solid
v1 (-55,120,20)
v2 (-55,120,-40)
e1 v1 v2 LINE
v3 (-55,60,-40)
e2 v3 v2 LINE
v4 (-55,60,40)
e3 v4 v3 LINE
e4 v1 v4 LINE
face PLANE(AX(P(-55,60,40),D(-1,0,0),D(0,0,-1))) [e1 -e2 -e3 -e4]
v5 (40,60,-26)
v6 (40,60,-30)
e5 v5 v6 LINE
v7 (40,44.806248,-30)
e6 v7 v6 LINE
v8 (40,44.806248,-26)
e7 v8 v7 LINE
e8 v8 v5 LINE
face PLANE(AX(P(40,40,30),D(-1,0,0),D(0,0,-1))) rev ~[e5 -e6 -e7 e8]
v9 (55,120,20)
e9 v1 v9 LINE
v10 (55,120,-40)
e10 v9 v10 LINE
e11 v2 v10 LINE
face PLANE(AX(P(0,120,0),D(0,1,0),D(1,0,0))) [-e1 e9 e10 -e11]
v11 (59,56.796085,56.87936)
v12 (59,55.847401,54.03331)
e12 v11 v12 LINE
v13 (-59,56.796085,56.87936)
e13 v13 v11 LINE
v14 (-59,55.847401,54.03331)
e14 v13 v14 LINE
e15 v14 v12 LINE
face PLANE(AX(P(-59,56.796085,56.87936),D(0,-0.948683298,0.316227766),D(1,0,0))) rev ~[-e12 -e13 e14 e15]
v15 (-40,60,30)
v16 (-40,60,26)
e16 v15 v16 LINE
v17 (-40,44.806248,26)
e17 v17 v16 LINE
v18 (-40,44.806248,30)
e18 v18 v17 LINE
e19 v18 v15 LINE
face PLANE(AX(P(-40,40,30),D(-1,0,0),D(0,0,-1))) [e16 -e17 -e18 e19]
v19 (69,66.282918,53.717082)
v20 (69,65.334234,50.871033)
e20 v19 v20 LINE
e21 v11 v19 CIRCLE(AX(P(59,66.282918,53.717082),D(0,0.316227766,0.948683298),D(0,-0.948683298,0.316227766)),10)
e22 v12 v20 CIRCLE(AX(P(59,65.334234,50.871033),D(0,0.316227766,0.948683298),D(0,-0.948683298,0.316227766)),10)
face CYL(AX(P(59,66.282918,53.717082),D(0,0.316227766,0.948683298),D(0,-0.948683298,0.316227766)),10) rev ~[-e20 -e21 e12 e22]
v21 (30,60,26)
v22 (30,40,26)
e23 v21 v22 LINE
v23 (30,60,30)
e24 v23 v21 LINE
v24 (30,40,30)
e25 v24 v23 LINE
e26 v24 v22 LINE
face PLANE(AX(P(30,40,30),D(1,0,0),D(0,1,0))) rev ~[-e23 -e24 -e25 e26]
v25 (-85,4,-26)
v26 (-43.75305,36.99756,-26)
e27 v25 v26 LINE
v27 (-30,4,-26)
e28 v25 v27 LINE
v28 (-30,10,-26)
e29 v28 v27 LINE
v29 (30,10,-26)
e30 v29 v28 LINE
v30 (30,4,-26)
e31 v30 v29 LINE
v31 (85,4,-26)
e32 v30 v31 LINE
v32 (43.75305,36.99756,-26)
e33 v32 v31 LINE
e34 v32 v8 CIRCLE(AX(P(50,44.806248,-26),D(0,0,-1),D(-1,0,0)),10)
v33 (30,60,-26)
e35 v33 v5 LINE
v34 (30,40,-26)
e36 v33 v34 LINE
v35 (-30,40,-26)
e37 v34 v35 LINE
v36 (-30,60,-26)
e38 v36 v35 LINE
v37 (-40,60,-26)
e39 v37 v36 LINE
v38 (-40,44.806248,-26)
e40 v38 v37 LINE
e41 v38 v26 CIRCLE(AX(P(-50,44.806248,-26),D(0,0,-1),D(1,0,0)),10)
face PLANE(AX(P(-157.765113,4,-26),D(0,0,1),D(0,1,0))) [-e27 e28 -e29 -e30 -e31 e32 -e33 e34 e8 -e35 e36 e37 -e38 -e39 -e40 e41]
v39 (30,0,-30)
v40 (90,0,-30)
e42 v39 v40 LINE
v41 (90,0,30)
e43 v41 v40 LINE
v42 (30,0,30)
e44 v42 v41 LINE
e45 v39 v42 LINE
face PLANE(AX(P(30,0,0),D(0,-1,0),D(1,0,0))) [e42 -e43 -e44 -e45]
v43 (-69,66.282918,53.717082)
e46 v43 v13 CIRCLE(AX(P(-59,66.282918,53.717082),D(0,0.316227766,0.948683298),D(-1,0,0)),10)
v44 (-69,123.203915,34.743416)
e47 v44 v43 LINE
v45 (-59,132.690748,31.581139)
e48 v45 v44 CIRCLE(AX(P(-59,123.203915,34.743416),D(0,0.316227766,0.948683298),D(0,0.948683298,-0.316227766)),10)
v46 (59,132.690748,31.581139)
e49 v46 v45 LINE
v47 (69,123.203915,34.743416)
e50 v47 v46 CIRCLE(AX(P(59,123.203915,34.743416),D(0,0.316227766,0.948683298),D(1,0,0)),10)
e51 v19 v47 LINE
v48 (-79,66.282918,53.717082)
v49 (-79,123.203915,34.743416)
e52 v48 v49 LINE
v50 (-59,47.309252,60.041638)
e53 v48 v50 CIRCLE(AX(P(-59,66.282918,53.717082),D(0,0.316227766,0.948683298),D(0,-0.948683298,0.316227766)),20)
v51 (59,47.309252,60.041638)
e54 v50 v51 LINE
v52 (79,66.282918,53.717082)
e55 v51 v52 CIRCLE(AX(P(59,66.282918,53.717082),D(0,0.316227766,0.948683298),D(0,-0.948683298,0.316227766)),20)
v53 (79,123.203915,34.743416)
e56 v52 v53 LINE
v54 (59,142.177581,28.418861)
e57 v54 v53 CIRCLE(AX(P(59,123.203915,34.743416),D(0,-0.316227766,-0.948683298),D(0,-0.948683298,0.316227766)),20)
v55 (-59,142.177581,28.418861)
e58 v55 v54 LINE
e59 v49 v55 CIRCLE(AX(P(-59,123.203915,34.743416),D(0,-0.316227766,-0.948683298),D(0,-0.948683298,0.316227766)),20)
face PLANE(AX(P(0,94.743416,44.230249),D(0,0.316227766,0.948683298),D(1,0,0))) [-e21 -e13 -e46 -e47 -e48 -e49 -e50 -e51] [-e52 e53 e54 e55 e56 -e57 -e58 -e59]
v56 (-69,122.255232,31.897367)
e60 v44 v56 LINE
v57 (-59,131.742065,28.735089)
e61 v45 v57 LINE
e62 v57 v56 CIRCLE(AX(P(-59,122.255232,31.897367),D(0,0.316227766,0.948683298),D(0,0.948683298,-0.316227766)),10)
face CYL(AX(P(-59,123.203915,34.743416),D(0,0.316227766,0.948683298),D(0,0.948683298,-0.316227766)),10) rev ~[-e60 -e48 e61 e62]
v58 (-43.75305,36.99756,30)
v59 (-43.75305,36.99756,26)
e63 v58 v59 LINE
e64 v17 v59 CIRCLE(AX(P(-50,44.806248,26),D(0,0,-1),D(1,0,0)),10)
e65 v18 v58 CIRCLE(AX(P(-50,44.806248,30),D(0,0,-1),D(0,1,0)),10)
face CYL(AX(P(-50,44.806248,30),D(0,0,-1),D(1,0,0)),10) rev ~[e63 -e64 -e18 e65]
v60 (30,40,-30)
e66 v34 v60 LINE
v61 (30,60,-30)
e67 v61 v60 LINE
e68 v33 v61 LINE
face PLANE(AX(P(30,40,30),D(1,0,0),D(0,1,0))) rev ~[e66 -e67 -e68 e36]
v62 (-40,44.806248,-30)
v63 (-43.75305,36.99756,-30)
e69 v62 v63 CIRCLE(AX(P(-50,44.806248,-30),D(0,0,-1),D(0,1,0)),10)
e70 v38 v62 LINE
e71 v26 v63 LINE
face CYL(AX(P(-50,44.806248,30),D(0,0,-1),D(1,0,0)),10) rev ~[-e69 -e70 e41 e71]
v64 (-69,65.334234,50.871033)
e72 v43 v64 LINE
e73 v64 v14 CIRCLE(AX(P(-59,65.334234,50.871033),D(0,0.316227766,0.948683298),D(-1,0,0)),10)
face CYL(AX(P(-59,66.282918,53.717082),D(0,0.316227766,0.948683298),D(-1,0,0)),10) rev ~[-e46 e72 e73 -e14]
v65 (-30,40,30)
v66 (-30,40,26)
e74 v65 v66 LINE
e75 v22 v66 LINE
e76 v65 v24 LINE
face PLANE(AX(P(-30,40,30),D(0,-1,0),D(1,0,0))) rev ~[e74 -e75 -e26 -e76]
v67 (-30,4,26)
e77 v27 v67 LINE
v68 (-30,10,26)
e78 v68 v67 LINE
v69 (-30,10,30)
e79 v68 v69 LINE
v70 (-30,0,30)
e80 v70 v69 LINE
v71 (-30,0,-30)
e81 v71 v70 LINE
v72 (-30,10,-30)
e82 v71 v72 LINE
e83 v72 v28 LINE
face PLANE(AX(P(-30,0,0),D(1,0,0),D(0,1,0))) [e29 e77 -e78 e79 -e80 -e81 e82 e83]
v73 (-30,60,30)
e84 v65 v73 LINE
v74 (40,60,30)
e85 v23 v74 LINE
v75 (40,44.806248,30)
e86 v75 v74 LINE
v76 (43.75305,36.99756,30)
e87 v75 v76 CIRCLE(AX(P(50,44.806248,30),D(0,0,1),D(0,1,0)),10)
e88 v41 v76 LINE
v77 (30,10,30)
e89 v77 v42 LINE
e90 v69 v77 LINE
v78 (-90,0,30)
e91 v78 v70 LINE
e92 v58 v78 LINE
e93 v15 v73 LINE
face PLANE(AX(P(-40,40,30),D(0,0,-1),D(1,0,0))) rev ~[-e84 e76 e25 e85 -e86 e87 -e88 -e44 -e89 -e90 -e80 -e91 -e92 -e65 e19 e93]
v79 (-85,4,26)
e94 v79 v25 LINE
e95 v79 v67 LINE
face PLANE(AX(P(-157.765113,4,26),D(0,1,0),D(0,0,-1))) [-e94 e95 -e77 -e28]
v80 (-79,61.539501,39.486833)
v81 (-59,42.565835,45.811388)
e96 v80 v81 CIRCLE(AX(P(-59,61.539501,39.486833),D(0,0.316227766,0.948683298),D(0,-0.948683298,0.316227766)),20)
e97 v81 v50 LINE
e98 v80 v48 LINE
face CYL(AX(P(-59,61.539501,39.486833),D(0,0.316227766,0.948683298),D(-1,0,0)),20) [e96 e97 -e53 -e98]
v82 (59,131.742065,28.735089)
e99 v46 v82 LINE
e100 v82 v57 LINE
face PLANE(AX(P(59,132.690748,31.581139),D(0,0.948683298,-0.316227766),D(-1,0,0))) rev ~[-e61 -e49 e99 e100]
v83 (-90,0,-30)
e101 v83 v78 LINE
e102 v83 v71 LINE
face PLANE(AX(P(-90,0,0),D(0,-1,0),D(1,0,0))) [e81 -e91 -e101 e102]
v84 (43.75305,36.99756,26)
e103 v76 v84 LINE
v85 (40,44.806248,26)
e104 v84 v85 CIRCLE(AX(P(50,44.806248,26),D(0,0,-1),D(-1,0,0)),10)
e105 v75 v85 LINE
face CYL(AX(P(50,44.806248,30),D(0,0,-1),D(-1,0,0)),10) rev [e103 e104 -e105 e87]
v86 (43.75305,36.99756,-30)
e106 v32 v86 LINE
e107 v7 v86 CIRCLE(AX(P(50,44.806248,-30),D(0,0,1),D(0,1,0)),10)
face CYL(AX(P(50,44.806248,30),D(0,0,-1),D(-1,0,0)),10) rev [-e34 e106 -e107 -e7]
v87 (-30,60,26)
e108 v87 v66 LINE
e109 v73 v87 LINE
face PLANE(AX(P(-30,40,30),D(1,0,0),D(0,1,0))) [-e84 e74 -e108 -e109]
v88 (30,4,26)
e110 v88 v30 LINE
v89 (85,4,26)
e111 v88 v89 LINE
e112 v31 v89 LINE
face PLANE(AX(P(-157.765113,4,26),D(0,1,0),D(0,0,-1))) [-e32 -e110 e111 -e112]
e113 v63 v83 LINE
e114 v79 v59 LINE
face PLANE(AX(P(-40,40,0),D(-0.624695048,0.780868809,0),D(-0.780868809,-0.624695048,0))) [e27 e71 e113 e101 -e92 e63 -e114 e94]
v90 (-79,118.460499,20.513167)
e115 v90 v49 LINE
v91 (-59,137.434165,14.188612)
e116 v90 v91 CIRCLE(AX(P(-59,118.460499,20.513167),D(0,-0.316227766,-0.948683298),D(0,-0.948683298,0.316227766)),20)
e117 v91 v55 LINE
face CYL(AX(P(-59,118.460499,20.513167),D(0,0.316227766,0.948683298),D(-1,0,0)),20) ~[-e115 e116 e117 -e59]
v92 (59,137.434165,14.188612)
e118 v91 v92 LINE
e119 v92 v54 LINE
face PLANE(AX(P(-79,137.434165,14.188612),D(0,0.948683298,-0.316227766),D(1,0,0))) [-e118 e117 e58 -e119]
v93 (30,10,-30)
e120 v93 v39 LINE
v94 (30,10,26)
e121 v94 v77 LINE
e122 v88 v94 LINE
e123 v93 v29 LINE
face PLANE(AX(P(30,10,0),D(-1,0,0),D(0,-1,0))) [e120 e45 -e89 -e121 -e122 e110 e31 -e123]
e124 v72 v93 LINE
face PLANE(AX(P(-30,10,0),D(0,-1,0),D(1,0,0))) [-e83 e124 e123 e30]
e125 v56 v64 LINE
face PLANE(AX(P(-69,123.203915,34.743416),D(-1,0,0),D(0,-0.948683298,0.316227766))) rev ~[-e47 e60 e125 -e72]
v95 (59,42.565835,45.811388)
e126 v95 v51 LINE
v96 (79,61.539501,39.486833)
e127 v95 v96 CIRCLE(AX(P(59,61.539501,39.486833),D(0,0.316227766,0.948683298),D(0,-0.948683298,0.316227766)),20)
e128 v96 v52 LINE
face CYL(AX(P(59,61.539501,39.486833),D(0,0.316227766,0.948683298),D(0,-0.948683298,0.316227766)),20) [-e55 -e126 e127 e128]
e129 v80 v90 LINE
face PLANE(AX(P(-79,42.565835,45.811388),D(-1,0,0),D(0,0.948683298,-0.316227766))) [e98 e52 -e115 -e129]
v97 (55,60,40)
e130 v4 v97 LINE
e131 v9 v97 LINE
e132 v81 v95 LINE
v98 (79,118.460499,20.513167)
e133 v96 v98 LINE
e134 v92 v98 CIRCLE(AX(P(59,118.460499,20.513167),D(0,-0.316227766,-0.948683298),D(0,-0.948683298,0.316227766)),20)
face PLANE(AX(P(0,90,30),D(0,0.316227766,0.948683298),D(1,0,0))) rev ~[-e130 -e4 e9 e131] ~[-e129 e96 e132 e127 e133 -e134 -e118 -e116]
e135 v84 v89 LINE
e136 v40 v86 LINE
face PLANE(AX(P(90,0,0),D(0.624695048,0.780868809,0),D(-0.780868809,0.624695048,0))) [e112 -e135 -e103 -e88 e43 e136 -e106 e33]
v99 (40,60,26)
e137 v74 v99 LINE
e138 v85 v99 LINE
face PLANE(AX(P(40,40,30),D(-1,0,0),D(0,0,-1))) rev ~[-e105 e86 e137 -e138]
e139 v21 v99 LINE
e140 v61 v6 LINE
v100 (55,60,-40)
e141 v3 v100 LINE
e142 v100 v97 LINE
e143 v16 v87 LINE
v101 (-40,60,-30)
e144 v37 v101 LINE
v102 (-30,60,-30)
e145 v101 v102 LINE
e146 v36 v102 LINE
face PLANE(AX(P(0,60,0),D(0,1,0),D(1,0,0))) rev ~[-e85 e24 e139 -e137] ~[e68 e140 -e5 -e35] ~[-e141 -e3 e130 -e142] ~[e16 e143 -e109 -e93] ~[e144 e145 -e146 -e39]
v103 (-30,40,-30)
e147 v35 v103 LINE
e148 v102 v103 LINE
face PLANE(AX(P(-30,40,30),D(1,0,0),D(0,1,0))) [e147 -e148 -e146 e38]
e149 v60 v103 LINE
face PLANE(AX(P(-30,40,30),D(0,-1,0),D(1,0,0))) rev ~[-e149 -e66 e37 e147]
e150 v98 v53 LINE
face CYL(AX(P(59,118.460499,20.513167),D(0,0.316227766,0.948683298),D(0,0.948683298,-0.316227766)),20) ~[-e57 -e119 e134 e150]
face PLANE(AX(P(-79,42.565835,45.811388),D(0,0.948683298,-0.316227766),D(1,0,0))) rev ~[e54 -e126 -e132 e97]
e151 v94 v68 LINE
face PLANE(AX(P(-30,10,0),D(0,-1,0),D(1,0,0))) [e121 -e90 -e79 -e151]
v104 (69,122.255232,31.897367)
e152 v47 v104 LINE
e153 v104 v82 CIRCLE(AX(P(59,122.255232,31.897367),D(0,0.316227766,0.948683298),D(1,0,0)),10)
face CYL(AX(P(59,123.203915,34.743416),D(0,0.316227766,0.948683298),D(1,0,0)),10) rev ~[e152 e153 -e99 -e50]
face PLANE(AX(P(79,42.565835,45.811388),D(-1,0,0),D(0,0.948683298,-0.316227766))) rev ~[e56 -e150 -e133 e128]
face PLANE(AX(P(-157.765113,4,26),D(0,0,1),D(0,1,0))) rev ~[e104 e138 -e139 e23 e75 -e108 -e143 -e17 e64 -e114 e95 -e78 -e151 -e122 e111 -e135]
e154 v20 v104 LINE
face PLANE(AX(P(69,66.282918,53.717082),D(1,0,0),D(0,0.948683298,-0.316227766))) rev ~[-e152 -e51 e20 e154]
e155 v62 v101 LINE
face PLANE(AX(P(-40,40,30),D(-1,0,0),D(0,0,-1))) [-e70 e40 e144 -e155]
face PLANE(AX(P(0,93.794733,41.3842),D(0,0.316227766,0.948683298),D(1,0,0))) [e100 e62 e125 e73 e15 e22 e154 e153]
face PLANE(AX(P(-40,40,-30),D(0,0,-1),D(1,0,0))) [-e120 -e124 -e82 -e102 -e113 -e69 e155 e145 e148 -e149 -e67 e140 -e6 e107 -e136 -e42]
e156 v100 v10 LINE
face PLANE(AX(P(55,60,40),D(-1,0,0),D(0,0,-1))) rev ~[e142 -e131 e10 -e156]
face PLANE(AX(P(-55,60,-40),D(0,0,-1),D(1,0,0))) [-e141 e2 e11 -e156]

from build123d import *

# Parameters (mm, degrees)
EXTRUDE_1_DEPTH          = 30
SKETCH_2_W               = 80
SKETCH_2_H               = 60
EXTRUDE_2_DEPTH          = 20
FILLET_1_R               = 10
SKETCH_3_W               = 60
SKETCH_3_H               = 20
CUT_EXTRUDE_1_DEPTH      = 124.693168769
SKETCH_4_W               = 110
SKETCH_4_H               = 80
EXTRUDE_3_DEPTH          = 60
CUT_EXTRUDE_2_DEPTH      = 193.418814049
SKETCH_6_W               = 158
SKETCH_6_H               = 100
SKETCH_6_W_2             = 110
SKETCH_6_H_2             = 63.245553204
EXTRUDE_4_DEPTH          = 15
FILLET_2_R               = 20
CUT_EXTRUDE_3_DEPTH      = 3
CUT_EXTRUDE_4_DEPTH      = 212.765112606
CUT_EXTRUDE_4_DEPTH_BACK = 212.765112606
SKETCH_8_W               = 52
SKETCH_8_H               = 56


with BuildPart() as part:
    # 草图1 → 凸台-拉伸1 (new, symmetric)
    with BuildSketch(Plane.XY):
        Polygon((-40, 40), (-90, 0), (-30, 0), (-30, 10), (30, 10), (30, 0), (90, 0), (40, 40), align=None)
    extrude(amount=EXTRUDE_1_DEPTH, both=True)

    # 草图2 → 凸台-拉伸2 (add)
    with BuildSketch(Plane(origin=(0, 40, 0), x_dir=(1, 0, 0), z_dir=(0, 1, 0))):
        Rectangle(SKETCH_2_W, SKETCH_2_H)
    extrude(amount=EXTRUDE_2_DEPTH)

    # 圆角1
    fillet_1_edges = [part.edges().sort_by_distance(p)[0] for p in [
        (40, 40, 0),
        (-40, 40, 0),
    ]]
    fillet(fillet_1_edges, radius=FILLET_1_R)

    # 草图3 → 切除-拉伸1 (cut, through all)
    with BuildSketch(Plane.XY.offset(30)):
        with Locations((0, 50)):
            Rectangle(SKETCH_3_W, SKETCH_3_H)
    extrude(amount=-CUT_EXTRUDE_1_DEPTH, mode=Mode.SUBTRACT)

    # 草图4 → 凸台-拉伸3 (add)
    with BuildSketch(Plane(origin=(0, 60, 0), x_dir=(1, 0, 0), z_dir=(0, 1, 0))):
        Rectangle(SKETCH_4_W, SKETCH_4_H)
    extrude(amount=EXTRUDE_3_DEPTH)

    # 草图5 → 切除-拉伸2 (cut, through all)
    with BuildSketch(Plane.ZY.offset(55)):
        Polygon((20, 120), (40, 60), (40, 120), align=None)
    extrude(amount=-CUT_EXTRUDE_2_DEPTH, mode=Mode.SUBTRACT)

    # 草图6 → 凸台-拉伸4 (add)
    # profile 1 of 2: a face of its own
    with BuildSketch(Plane(origin=(0, 18, 54), x_dir=(1, 0, 0), z_dir=(0, 0.31622776601683805, 0.9486832980505138))):
        with Locations((0, 75.894663844)):
            Rectangle(SKETCH_6_W, SKETCH_6_H)
        with Locations((0, 75.894663844)):
            Rectangle(SKETCH_6_W_2, SKETCH_6_H_2, mode=Mode.SUBTRACT)
    # profile 2 of 2: a face of its own
    with BuildSketch(Plane(origin=(0, 18, 54), x_dir=(1, 0, 0), z_dir=(0, 0.31622776601683805, 0.9486832980505138))):
        with Locations((0, 75.894663844)):
            Rectangle(SKETCH_6_W_2, SKETCH_6_H_2)
    extrude(amount=EXTRUDE_4_DEPTH)

    # 圆角2
    fillet_2_edges = [part.edges().sort_by_distance(p)[0] for p in [
        (-79, 44.937543343, 52.926513036),
        (79, 44.937543343, 52.926513036),
        (79, 139.805873148, 21.303736435),
        (-79, 139.805873148, 21.303736435),
    ]]
    fillet(fillet_2_edges, radius=FILLET_2_R)

    # 草图7 → 切除-拉伸3 (cut)
    with BuildSketch(Plane(origin=(0, 22.74341649, 68.230249471), x_dir=(1, 0, 0), z_dir=(0, 0.3162277660168381, 0.9486832980505138))):
        with BuildLine():
            Line((69, 45.894663844), (69, 105.894663844))
            ThreePointArc((69, 105.894663844), (66.071067812, 112.965731656), (59, 115.894663844))
            Line((59, 115.894663844), (-59, 115.894663844))
            ThreePointArc((-59, 115.894663844), (-66.071067812, 112.965731656), (-69, 105.894663844))
            Line((-69, 105.894663844), (-69, 45.894663844))
            ThreePointArc((-69, 45.894663844), (-66.071067812, 38.823596032), (-59, 35.894663844))
            Line((-59, 35.894663844), (59, 35.894663844))
            ThreePointArc((59, 35.894663844), (66.071067812, 38.823596032), (69, 45.894663844))
        make_face()
    extrude(amount=-CUT_EXTRUDE_3_DEPTH, mode=Mode.SUBTRACT)

    # 草图8 → 切除-拉伸4 (cut, two sides: drawn at the far end of the back side and taken through both)
    with BuildSketch(Plane(origin=(55, 0, 0), x_dir=(0, 0, -1), z_dir=(1, 0, 0)).offset(-CUT_EXTRUDE_4_DEPTH_BACK)):
        with Locations((0, 32)):
            Rectangle(SKETCH_8_W, SKETCH_8_H)
    extrude(amount=CUT_EXTRUDE_4_DEPTH + CUT_EXTRUDE_4_DEPTH_BACK, mode=Mode.SUBTRACT)


solid = part.part
